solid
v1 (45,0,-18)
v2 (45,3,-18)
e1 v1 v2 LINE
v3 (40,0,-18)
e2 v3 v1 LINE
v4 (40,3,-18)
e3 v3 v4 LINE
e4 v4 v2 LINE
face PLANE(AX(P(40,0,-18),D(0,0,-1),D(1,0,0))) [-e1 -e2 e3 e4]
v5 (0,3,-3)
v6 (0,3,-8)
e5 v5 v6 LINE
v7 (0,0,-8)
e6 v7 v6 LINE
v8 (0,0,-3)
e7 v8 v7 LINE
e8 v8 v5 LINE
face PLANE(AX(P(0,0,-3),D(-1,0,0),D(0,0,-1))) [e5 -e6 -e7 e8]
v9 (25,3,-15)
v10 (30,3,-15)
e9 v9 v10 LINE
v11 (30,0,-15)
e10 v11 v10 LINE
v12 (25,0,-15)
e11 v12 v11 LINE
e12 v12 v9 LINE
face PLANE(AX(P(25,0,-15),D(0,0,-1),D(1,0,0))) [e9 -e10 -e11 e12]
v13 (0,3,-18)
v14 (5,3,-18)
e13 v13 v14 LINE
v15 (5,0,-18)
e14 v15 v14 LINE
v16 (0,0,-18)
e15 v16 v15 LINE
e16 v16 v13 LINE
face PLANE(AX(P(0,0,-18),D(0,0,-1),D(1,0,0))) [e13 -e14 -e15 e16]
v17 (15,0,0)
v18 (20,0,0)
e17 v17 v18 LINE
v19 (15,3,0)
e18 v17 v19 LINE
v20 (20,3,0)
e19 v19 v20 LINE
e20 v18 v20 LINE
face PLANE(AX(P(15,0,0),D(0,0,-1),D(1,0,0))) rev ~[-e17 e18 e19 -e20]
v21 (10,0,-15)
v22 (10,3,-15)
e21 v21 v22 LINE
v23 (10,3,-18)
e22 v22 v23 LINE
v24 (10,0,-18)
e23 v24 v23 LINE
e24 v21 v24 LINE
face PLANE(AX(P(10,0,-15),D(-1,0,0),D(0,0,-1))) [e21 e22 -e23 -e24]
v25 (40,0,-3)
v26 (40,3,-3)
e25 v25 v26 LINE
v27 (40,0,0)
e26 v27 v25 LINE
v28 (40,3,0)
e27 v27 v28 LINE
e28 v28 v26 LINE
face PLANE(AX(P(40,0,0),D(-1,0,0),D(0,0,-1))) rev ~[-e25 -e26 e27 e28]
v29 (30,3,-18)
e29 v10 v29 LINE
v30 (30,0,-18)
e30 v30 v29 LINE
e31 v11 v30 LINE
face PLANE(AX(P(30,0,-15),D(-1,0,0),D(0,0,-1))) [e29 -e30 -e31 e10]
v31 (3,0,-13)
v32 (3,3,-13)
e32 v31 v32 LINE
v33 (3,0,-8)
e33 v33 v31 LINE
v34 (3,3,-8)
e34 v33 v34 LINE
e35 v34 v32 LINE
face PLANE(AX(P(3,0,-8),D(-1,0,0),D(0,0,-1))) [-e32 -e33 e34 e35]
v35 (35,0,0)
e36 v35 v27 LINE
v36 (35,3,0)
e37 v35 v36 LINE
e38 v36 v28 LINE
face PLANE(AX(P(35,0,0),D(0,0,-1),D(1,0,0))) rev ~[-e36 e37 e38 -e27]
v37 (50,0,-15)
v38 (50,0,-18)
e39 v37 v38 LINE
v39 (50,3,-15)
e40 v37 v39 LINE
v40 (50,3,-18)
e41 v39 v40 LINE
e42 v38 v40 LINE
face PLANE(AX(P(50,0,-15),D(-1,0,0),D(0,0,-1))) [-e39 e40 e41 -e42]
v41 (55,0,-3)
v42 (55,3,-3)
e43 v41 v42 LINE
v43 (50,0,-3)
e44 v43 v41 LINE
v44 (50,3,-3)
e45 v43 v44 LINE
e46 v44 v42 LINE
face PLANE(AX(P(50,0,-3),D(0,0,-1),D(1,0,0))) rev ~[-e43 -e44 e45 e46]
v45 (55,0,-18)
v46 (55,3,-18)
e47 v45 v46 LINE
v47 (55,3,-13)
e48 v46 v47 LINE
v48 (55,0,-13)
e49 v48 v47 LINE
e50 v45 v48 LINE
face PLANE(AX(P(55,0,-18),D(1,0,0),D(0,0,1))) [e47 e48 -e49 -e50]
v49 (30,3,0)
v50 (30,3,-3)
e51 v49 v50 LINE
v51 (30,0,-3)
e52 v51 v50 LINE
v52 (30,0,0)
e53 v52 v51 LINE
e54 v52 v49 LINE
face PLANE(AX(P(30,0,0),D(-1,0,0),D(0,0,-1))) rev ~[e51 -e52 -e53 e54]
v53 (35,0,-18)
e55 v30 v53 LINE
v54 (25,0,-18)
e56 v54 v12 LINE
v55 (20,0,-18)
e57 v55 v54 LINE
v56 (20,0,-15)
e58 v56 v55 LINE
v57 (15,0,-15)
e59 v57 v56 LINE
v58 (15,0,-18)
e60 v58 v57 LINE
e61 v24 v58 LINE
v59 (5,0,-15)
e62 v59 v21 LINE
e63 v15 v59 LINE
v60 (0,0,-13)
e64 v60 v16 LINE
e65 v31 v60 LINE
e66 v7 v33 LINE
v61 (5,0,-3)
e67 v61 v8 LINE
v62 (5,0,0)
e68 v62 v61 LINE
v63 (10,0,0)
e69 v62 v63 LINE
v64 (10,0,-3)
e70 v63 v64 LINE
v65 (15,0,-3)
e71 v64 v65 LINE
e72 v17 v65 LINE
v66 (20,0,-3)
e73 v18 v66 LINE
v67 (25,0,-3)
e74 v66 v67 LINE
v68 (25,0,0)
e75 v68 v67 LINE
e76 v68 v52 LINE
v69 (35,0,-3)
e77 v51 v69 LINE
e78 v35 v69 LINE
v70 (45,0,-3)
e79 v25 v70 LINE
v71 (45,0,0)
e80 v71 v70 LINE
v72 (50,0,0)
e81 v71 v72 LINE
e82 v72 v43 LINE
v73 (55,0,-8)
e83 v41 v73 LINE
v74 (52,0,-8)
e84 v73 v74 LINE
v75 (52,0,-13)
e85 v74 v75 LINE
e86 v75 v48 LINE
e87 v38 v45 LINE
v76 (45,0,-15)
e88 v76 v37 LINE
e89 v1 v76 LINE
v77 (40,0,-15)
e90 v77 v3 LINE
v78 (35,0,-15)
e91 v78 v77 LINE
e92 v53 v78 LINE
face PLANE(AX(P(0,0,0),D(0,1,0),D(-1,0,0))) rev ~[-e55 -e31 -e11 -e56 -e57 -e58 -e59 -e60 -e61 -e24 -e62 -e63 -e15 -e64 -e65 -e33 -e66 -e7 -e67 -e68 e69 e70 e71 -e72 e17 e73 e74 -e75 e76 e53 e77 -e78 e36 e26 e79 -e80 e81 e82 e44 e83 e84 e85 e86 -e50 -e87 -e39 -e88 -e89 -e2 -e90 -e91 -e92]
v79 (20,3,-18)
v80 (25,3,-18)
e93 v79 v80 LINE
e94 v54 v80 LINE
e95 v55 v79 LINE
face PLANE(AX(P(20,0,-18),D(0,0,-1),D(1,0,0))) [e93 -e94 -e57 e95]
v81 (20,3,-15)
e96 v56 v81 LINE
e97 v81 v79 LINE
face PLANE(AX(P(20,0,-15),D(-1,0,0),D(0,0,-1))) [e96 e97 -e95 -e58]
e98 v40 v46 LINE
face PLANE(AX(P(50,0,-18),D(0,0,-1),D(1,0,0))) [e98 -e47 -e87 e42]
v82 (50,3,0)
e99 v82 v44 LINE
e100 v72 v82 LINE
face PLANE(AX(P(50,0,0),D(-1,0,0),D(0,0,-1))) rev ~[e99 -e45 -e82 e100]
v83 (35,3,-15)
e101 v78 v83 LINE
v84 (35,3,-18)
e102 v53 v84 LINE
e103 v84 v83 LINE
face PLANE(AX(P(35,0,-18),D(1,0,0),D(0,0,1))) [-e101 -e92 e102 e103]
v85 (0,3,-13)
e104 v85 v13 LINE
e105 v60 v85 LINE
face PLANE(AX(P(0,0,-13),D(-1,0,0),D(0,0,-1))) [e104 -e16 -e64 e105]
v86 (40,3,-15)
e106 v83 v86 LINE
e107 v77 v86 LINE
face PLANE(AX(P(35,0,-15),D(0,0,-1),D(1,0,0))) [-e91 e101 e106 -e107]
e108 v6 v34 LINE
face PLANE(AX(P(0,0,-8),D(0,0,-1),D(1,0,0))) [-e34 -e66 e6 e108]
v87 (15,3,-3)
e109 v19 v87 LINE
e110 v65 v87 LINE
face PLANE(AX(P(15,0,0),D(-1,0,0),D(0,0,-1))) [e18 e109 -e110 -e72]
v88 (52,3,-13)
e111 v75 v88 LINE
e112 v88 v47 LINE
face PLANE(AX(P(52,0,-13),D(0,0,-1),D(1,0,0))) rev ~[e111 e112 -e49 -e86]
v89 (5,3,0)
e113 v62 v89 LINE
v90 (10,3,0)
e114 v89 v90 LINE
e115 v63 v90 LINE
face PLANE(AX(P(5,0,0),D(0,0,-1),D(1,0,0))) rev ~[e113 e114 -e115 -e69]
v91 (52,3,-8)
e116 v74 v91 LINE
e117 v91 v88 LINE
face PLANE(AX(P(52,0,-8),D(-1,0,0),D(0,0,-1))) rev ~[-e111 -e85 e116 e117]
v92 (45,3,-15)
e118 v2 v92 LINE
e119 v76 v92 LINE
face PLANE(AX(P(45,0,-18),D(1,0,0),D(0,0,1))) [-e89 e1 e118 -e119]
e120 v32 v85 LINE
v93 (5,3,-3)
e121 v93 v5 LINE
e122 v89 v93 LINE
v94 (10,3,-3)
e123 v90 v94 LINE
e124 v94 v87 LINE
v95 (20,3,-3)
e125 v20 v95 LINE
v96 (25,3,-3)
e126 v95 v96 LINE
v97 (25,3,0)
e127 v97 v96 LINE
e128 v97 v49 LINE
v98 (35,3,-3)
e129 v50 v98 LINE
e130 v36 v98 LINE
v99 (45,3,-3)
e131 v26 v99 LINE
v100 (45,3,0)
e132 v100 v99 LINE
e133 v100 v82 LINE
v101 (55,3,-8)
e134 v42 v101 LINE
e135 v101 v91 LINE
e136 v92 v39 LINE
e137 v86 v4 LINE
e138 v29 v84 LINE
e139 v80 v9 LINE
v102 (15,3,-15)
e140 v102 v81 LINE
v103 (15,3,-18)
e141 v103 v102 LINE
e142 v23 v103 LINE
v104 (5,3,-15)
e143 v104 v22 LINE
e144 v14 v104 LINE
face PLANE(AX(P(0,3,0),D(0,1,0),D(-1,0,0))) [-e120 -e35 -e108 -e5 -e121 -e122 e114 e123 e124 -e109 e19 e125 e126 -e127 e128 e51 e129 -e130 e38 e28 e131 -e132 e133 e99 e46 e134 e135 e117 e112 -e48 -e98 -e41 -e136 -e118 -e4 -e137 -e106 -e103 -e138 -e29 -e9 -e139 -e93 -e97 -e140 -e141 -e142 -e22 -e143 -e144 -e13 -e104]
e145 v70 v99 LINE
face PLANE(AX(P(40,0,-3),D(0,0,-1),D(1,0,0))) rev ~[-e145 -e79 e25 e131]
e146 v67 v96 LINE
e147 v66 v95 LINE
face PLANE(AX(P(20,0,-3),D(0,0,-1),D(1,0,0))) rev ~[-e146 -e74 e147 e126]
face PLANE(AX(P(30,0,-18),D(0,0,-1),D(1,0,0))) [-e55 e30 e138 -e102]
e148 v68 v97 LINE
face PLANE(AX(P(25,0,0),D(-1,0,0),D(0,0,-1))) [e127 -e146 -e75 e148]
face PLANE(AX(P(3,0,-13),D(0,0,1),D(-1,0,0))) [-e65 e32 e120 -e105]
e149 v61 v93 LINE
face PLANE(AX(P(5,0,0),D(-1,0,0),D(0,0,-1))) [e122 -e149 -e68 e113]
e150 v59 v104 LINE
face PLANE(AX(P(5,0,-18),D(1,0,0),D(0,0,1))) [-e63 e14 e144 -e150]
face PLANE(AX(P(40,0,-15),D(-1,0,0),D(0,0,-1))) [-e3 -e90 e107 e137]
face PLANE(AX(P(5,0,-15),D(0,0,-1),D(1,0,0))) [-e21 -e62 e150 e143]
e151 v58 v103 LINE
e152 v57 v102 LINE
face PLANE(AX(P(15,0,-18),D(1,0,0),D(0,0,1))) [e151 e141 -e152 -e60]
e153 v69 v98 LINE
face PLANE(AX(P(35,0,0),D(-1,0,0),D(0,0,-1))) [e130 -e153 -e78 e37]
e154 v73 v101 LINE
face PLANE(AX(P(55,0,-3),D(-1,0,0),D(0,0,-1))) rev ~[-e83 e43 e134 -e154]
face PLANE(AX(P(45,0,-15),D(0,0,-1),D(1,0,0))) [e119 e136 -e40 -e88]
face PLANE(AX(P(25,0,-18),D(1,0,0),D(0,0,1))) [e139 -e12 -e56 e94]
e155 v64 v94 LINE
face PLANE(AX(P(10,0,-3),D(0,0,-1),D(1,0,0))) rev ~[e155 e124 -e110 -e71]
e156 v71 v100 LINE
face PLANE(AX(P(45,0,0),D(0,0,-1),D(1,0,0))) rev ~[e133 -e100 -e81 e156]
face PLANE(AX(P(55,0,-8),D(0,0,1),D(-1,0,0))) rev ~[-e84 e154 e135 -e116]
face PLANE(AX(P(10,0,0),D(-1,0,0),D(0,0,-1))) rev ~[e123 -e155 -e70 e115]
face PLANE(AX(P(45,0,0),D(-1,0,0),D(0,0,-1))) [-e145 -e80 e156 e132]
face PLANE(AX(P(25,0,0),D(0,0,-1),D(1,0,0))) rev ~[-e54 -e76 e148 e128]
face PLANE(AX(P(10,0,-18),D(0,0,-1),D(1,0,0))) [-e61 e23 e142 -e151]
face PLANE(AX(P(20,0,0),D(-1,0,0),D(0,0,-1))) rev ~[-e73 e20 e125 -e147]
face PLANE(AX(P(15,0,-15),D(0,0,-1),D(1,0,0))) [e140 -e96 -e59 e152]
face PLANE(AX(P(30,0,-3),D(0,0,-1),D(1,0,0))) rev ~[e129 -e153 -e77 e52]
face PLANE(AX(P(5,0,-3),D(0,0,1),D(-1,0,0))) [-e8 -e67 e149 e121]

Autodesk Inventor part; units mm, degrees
ref_plane "YZ Plane" through (0, 0, 0) normal (1, 0, 0) x (0, 1, 0)
ref_plane "XZ Plane" through (0, 0, 0) normal (0, 1, 0) x (-1, 0, 0)
ref_plane "XY Plane" through (0, 0, 0) normal (0, 0, 1) x (1, 0, 0)
sketch "Skizze1" plane through (0, 0, 0) normal (0, 1, 0) x (-1, 0, 0)
  line L0 (-5, 0) -> (-5, -3)
  line L1 (-5, -3) -> (0, -3)
  line L2 (-5, 0) -> (-10, 0)
  line L3 (-10, 0) -> (-10, -3)
  line L4 (-10, -3) -> (-15, -3)
  line L5 (-15, 0) -> (-15, -3)
  line L6 (-15, 0) -> (-20, 0)
  line L7 (-20, 0) -> (-20, -3)
  line L8 (-20, -3) -> (-25, -3)
  line L9 (-25, 0) -> (-25, -3)
  line L10 (-25, 0) -> (-30, 0)
  line L11 (-30, 0) -> (-30, -3)
  line L12 (-30, -3) -> (-35, -3)
  line L13 (-35, 0) -> (-35, -3)
  line L14 (-35, 0) -> (-40, 0)
  line L15 (-40, 0) -> (-40, -3)
  line L16 (-40, -3) -> (-45, -3)
  line L17 (-45, 0) -> (-45, -3)
  line L18 (-45, 0) -> (-50, 0)
  line L19 (-50, 0) -> (-50, -3)
  line L20 (-50, -3) -> (-55, -3)
  line L21 (-55, -3) -> (-55, -8)
  line L22 (-55, -8) -> (-52, -8)
  line L23 (-52, -8) -> (-52, -13)
  line L24 (-52, -13) -> (-55, -13)
  line L25 (0, -3) -> (0, -8)
  line L26 (0, -8) -> (-3, -8)
  line L27 (-3, -8) -> (-3, -13)
  line L28 (-3, -13) -> (0, -13)
  line L29 (0, -13) -> (0, -18)
  line L30 (-55, -18) -> (-55, -13)
  line L31 (0, -18) -> (-5, -18)
  line L32 (-5, -18) -> (-5, -15)
  line L33 (-5, -15) -> (-10, -15)
  line L34 (-10, -15) -> (-10, -18)
  line L35 (-20, -15) -> (-20, -18)
  line L36 (-15, -18) -> (-15, -15)
  line L37 (-10, -18) -> (-15, -18)
  line L38 (-15, -15) -> (-20, -15)
  line L39 (-30, -15) -> (-30, -18)
  line L40 (-25, -18) -> (-25, -15)
  line L41 (-20, -18) -> (-25, -18)
  line L42 (-25, -15) -> (-30, -15)
  line L43 (-40, -15) -> (-40, -18)
  line L44 (-35, -18) -> (-35, -15)
  line L45 (-30, -18) -> (-35, -18)
  line L46 (-35, -15) -> (-40, -15)
  line L47 (-50, -15) -> (-50, -18)
  line L48 (-45, -18) -> (-45, -15)
  line L49 (-40, -18) -> (-45, -18)
  line L50 (-45, -15) -> (-50, -15)
  line L51 (-50, -18) -> (-55, -18)
  point P0 (0, 0)
  dimension "d2" = 5
  dimension "d3" = 3
  dimension "d6" = 10
  dimension "d13" = 10
extrude "Extrusion1" add sketch "Skizze1" along normal blind 3
properties part number "plate_front_small" material "Holz (Kirsche)"
